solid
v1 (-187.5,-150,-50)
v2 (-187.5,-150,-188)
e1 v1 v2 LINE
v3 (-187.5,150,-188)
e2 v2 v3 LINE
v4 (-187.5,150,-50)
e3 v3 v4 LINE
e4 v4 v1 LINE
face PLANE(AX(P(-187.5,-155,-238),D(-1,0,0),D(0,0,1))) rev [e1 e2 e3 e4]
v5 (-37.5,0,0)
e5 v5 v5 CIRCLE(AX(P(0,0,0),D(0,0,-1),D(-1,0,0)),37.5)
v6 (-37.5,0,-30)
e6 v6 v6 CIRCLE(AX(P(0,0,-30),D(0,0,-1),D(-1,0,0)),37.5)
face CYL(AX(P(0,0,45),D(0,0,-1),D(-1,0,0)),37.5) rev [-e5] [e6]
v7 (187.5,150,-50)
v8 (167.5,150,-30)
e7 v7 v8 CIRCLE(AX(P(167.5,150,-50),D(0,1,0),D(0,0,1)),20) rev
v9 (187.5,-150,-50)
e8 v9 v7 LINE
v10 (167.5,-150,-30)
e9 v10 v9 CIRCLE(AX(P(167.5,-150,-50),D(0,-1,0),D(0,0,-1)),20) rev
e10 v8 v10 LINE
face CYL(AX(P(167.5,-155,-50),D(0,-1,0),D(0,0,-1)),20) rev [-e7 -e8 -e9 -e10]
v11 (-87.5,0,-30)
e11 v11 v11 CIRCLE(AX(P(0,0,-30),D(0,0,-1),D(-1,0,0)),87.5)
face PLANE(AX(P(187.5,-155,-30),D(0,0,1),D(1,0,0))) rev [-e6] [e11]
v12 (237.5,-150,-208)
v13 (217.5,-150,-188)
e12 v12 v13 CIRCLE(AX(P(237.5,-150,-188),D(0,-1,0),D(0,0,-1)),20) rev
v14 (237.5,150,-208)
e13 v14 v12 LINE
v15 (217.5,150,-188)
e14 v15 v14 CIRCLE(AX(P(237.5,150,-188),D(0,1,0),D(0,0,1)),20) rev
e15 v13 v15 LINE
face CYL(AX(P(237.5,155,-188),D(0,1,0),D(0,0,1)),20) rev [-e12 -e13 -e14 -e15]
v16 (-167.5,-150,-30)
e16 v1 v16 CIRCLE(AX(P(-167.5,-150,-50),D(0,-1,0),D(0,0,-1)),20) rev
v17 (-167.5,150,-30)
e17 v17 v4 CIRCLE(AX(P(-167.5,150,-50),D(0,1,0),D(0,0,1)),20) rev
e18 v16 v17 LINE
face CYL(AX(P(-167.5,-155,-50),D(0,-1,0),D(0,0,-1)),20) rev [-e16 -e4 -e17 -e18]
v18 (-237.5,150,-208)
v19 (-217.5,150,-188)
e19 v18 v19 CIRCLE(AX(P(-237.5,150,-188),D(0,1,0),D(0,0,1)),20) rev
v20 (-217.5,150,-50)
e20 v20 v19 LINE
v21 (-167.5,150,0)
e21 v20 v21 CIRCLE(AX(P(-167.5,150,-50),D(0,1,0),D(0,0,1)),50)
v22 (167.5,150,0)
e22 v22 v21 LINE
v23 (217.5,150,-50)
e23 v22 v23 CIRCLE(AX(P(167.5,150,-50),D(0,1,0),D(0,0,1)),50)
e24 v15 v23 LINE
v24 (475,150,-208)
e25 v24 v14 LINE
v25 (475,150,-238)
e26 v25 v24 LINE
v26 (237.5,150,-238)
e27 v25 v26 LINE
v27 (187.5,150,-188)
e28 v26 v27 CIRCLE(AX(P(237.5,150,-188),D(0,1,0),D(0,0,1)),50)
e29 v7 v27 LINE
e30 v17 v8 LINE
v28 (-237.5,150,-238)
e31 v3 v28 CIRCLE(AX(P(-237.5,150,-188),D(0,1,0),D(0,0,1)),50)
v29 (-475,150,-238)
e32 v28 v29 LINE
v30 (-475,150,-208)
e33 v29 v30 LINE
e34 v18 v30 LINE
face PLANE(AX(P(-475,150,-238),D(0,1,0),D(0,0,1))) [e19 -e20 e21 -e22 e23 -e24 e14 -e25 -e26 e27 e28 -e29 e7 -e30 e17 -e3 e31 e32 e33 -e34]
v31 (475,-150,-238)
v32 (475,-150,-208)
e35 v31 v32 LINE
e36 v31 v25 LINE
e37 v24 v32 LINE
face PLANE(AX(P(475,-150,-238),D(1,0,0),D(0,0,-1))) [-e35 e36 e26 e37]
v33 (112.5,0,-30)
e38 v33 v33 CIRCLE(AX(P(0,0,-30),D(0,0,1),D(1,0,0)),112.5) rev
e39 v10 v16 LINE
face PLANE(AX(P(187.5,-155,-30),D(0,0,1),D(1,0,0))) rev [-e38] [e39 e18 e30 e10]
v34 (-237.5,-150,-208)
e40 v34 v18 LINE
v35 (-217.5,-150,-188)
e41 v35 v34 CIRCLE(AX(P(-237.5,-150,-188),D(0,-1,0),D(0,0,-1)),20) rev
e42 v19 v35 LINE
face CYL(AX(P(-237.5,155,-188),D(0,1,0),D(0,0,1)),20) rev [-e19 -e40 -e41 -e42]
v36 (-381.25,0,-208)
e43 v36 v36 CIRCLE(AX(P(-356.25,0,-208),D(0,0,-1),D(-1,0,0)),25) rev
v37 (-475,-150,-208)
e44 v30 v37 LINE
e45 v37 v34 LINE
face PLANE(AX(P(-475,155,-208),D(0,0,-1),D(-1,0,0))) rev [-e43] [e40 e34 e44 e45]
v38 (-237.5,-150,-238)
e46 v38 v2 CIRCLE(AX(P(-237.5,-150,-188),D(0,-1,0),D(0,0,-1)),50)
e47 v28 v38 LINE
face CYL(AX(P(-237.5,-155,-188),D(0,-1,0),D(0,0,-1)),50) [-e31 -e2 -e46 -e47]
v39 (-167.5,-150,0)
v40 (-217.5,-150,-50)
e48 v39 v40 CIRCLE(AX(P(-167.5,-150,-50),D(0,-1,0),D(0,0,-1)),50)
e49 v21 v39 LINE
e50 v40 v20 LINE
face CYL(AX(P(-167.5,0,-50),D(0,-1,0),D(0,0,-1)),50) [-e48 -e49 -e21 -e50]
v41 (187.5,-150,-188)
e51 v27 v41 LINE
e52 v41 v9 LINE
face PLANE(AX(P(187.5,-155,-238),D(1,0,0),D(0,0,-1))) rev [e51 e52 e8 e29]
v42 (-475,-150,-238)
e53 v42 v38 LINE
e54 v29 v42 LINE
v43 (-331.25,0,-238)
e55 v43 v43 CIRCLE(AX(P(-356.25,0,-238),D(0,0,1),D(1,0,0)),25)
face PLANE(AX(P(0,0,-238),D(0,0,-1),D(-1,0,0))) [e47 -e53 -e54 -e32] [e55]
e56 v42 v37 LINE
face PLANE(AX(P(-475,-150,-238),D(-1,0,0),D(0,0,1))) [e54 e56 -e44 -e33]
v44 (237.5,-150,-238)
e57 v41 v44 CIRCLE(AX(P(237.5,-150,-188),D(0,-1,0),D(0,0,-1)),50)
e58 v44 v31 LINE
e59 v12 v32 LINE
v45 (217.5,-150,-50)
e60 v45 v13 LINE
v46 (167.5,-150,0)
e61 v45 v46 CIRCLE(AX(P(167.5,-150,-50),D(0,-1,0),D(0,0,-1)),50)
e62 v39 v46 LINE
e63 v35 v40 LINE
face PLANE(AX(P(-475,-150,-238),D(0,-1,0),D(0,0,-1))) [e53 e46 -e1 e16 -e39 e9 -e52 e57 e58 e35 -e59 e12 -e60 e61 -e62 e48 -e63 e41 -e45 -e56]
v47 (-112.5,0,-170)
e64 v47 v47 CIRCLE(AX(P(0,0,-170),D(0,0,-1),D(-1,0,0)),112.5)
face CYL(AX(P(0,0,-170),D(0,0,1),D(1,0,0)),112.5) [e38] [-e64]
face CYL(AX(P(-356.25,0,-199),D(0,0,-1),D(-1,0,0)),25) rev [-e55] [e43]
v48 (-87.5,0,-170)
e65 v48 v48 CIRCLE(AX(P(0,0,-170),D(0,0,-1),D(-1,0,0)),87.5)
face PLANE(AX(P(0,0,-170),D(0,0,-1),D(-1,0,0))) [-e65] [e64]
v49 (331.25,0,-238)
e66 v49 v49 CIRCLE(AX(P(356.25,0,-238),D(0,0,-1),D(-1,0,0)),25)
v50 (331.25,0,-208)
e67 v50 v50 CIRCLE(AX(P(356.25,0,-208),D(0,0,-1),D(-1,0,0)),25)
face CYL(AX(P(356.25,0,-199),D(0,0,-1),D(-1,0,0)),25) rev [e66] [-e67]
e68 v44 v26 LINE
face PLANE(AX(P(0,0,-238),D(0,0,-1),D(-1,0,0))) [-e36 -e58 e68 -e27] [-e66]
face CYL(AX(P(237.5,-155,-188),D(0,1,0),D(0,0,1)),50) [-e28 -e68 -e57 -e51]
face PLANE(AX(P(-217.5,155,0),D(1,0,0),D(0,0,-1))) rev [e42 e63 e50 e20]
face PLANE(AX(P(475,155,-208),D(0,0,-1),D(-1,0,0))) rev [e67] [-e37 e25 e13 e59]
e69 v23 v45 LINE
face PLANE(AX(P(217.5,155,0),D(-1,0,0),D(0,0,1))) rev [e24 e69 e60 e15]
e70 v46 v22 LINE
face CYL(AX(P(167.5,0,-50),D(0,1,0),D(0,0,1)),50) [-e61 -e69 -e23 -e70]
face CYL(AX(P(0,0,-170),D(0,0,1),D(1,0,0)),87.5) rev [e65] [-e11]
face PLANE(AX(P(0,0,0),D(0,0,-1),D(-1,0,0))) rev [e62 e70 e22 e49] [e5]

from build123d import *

# Parameters (mm, degrees)
SKETCH1_W           = 950
SKETCH1_H           = 300
BOSS_EXTRUDE1_DEPTH = 238
SKETCH2_W           = 375
SKETCH2_H           = 208
CUT_EXTRUDE1_DEPTH  = 305
SKETCH3_W           = 257.5
SKETCH3_H           = 208
CUT_EXTRUDE2_DEPTH  = 305
FILLET2_R           = 20
FILLET3_R           = 50
SKETCH4_R           = 112.5
SKETCH4_R_2         = 87.5
BOSS_EXTRUDE2_DEPTH = 140
SKETCH5_R           = 37.5
CUT_EXTRUDE3_DEPTH  = 75
SKETCH6_R           = 25
CUT_EXTRUDE4_DEPTH  = 39


with BuildPart() as part:
    # Sketch1 → Boss-Extrude1 (new body)
    with BuildSketch(Plane.XY):
        Rectangle(SKETCH1_W, SKETCH1_H)
    extrude(amount=-BOSS_EXTRUDE1_DEPTH)

    # Sketch2 → Cut-Extrude1 (cut)
    with BuildSketch(Plane(origin=(0, 150, 0), x_dir=(1, 0, 0), z_dir=(0, 1, 0))):
        with Locations((0, 134)):
            Rectangle(SKETCH2_W, SKETCH2_H)
    extrude(amount=-CUT_EXTRUDE1_DEPTH, mode=Mode.SUBTRACT)

    # Sketch3 → Cut-Extrude2 (cut)
    with BuildSketch(Plane.XZ.offset(150)):
        with Locations((346.25, -104)):
            Rectangle(SKETCH3_W, SKETCH3_H)
        with Locations((-346.25, -104)):
            Rectangle(SKETCH3_W, SKETCH3_H)
    extrude(amount=-CUT_EXTRUDE2_DEPTH, mode=Mode.SUBTRACT)

    # Fillet2
    fillet2_edges = [part.edges().sort_by_distance(p)[0] for p in [
        (187.5, 0, -30),
        (-187.5, 0, -30),
        (217.5, 0, -208),
        (-217.5, 0, -208),
    ]]
    fillet(fillet2_edges, radius=FILLET2_R)

    # Fillet3
    fillet3_edges = [part.edges().sort_by_distance(p)[0] for p in [
        (-187.5, 0, -238),
        (187.5, 0, -238),
        (217.5, 0, 0),
        (-217.5, 0, 0),
    ]]
    fillet(fillet3_edges, radius=FILLET3_R)

    # Sketch4 → Boss-Extrude2 (add)
    with BuildSketch(Plane(origin=(0, 0, -30), x_dir=(-1, 0, 0), z_dir=(0, 0, -1))):
        Circle(SKETCH4_R)
        Circle(SKETCH4_R_2, mode=Mode.SUBTRACT)
    extrude(amount=BOSS_EXTRUDE2_DEPTH)

    # Sketch5 → Cut-Extrude3 (cut)
    with BuildSketch(Plane(origin=(0, 0, -30), x_dir=(-1, 0, 0), z_dir=(0, 0, -1))):
        Circle(SKETCH5_R)
    extrude(amount=-CUT_EXTRUDE3_DEPTH, mode=Mode.SUBTRACT)

    # Sketch6 → Cut-Extrude4 (cut)
    with BuildSketch(Plane(origin=(0, 0, -238), x_dir=(-1, 0, 0), z_dir=(0, 0, -1))):
        with Locations((-356.25, 0)):
            Circle(SKETCH6_R)
    cut_extrude4 = extrude(amount=-CUT_EXTRUDE4_DEPTH, mode=Mode.SUBTRACT)

    # Mirror1: Cut-Extrude4 across plane
    add(cut_extrude4.mirror(Plane(origin=(0, 0, 0), x_dir=(0, 0, 1), z_dir=(1, 0, 0))), mode=Mode.SUBTRACT)


solid = part.part
